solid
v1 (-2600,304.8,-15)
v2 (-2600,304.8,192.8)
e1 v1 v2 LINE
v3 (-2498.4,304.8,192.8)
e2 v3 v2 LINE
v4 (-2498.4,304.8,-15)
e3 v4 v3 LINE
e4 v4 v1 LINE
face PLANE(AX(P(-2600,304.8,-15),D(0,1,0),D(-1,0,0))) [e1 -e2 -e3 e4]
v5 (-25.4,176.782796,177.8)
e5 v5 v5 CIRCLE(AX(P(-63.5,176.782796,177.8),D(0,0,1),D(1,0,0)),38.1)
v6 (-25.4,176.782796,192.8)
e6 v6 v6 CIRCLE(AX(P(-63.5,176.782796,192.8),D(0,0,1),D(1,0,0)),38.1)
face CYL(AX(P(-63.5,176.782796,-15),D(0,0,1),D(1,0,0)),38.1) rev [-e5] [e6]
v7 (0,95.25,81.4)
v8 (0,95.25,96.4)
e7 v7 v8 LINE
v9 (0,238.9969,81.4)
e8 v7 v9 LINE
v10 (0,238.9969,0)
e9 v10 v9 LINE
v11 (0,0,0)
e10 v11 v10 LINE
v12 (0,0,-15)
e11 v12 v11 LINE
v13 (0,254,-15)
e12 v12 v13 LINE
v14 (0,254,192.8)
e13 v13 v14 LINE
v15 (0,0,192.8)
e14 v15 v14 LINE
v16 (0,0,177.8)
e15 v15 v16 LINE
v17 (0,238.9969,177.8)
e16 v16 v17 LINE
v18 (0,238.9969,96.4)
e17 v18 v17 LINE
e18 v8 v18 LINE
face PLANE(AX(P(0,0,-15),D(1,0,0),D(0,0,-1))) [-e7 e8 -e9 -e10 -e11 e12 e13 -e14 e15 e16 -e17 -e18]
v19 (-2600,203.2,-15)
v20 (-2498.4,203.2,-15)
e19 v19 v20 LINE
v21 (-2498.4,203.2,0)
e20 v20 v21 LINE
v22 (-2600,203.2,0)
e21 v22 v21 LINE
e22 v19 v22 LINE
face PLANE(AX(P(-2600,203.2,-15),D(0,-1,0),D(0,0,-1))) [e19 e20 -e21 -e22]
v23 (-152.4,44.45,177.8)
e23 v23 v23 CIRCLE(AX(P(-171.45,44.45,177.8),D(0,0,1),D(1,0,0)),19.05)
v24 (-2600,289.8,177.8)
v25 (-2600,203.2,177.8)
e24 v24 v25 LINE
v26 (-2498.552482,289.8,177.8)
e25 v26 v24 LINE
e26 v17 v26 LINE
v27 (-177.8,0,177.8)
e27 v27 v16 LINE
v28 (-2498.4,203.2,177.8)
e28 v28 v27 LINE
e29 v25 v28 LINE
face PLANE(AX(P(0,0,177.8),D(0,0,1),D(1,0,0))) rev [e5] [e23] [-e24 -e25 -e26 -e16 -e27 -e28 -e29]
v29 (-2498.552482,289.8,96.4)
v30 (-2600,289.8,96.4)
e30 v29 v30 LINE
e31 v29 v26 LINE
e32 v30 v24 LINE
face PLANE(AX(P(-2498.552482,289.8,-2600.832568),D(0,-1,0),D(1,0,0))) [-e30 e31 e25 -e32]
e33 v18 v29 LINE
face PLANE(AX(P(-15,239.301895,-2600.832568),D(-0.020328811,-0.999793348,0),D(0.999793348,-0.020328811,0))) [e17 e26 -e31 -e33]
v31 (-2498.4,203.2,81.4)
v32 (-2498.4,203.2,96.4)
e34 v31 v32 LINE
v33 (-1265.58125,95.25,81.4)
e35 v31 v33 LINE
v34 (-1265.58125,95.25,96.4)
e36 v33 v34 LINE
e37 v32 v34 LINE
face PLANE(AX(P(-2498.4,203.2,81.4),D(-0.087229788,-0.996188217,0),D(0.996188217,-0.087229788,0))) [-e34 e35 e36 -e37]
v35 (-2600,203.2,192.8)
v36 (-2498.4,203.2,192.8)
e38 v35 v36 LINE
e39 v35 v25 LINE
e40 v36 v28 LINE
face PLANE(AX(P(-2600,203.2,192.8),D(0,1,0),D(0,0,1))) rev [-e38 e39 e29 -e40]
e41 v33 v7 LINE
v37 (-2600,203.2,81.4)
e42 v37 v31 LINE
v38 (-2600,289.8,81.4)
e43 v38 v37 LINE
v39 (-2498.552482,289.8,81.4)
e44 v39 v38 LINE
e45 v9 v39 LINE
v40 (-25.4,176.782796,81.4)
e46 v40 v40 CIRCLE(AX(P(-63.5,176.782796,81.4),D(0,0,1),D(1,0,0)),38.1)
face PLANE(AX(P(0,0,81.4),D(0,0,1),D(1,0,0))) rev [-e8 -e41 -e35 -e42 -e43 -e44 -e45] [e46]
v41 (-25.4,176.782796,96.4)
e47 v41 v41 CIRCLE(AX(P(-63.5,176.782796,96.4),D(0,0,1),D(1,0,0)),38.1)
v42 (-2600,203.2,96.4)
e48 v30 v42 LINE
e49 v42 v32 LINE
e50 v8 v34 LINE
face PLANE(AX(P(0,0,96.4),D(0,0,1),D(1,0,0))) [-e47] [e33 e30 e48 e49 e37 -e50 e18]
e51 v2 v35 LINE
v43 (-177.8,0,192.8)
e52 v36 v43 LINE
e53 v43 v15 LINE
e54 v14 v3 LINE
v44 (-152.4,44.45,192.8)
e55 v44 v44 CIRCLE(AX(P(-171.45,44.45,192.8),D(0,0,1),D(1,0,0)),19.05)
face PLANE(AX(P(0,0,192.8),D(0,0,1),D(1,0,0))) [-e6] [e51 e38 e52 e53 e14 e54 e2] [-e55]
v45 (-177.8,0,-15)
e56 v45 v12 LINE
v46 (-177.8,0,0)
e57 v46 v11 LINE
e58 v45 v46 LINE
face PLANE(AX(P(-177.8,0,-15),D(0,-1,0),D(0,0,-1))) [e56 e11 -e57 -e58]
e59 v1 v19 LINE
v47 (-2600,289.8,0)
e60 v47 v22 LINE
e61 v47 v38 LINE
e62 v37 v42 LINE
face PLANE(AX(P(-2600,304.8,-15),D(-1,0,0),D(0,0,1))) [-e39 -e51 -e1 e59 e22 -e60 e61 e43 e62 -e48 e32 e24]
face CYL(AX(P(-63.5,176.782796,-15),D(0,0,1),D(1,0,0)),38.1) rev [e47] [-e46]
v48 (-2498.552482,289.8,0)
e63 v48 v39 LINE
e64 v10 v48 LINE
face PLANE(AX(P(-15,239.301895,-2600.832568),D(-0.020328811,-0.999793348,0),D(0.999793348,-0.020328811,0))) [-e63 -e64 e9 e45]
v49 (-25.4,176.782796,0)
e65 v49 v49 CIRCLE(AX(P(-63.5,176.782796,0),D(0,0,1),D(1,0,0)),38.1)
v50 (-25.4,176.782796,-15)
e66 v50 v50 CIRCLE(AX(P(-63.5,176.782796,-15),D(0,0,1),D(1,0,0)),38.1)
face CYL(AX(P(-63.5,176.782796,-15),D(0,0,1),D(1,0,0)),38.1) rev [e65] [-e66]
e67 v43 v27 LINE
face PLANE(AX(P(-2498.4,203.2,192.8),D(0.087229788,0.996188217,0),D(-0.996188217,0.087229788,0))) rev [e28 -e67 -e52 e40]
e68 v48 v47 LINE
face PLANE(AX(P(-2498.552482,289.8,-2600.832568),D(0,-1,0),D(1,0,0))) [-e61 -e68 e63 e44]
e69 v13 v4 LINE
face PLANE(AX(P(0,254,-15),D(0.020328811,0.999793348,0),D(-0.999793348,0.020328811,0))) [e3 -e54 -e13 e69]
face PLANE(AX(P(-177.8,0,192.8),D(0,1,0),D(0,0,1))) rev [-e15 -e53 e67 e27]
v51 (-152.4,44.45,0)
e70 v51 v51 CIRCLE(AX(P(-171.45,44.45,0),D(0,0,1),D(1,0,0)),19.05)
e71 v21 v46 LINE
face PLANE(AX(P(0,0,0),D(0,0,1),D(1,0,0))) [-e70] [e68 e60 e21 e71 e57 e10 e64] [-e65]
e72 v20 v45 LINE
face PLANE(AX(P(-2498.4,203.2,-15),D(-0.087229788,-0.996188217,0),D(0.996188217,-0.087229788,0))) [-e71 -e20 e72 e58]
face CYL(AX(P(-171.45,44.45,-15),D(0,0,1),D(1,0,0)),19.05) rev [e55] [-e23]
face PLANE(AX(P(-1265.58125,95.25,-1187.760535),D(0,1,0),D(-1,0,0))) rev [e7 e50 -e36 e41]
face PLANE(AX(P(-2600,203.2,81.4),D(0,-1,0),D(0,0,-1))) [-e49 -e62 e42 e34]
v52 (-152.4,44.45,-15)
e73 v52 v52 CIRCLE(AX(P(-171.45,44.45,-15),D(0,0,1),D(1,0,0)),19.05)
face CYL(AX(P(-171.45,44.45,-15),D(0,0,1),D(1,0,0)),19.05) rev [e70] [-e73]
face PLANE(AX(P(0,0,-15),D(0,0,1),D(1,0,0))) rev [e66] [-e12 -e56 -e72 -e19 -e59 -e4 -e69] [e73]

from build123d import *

# Parameters (mm, degrees)
BOSS_EXTRUDE1_DEPTH      = 15
BOSS_EXTRUDE2_DEPTH      = 15
BOSS_EXTRUDE3_DEPTH      = 192.8
BOSS_EXTRUDE4_DEPTH      = 7.5
BOSS_EXTRUDE4_DEPTH_BACK = 7.5
SKETCH5_R                = 38.1
SKETCH5_R_2              = 19.05
CUT_EXTRUDE1_DEPTH       = 2627.039580814
CUT_EXTRUDE2_DEPTH       = 15


with BuildPart() as part:
    # Sketch1 → Boss-Extrude1 (new body)
    with BuildSketch(Plane.XY):
        Polygon((-2600, 304.8), (-2498.4, 304.8), (0, 254), (0, 0), (-177.8, 0), (-2498.4, 203.2), (-2600, 203.2), align=None)
    extrude(amount=-BOSS_EXTRUDE1_DEPTH)



with BuildPart() as body_2:
    # Sketch2 → Boss-Extrude2 (new body)
    with BuildSketch(Plane.XY.offset(177.8)):
        Polygon((-2498.4, 203.2), (-177.8, 0), (0, 0), (0, 254), (-2498.4, 304.8), (-2600, 304.8), (-2600, 203.2), align=None)
    extrude(amount=BOSS_EXTRUDE2_DEPTH)


with BuildPart() as part_1:
    add(part.part)

    add(body_2.part)  # Boss-Extrude3 merges body 2
    # Sketch3 → Boss-Extrude3 (add)
    with BuildSketch(Plane.XY.offset(192.8)):
        Polygon((-2600, 289.8), (-2600, 304.8), (-2498.4, 304.8), (0, 254), (0, 238.996899585), (-15, 239.301894782), (-2498.55248184, 289.8), align=None)
    extrude(amount=-BOSS_EXTRUDE3_DEPTH)

    # Sketch6 → Boss-Extrude4 (add, two sides: drawn at the far end of the back side and taken through both)
    with BuildSketch(Plane.XY.offset(88.9).offset(-BOSS_EXTRUDE4_DEPTH_BACK)):
        Polygon((-2498.4, 203.2), (-177.8, 0), (0, 0), (0, 254), (-2498.4, 304.8), (-2600, 304.8), (-2600, 203.2), align=None)
    extrude(amount=BOSS_EXTRUDE4_DEPTH + BOSS_EXTRUDE4_DEPTH_BACK)

    # Sketch5 → Cut-Extrude1 (cut, through all)
    with BuildSketch(Plane.XY.offset(192.8)):
        with Locations((-63.5, 176.782795882)):
            Circle(SKETCH5_R)
        with Locations((-171.45, 44.45)):
            Circle(SKETCH5_R_2)
    extrude(amount=-CUT_EXTRUDE1_DEPTH, mode=Mode.SUBTRACT)

    # Sketch7 → Cut-Extrude2 (cut)
    with BuildSketch(Plane.XY.offset(96.4)):
        Polygon((-1265.58125, 95.25), (0, 95.25), (0, 0), (-177.8, 0), align=None)
    extrude(amount=-CUT_EXTRUDE2_DEPTH, mode=Mode.SUBTRACT)


solid = part_1.part
